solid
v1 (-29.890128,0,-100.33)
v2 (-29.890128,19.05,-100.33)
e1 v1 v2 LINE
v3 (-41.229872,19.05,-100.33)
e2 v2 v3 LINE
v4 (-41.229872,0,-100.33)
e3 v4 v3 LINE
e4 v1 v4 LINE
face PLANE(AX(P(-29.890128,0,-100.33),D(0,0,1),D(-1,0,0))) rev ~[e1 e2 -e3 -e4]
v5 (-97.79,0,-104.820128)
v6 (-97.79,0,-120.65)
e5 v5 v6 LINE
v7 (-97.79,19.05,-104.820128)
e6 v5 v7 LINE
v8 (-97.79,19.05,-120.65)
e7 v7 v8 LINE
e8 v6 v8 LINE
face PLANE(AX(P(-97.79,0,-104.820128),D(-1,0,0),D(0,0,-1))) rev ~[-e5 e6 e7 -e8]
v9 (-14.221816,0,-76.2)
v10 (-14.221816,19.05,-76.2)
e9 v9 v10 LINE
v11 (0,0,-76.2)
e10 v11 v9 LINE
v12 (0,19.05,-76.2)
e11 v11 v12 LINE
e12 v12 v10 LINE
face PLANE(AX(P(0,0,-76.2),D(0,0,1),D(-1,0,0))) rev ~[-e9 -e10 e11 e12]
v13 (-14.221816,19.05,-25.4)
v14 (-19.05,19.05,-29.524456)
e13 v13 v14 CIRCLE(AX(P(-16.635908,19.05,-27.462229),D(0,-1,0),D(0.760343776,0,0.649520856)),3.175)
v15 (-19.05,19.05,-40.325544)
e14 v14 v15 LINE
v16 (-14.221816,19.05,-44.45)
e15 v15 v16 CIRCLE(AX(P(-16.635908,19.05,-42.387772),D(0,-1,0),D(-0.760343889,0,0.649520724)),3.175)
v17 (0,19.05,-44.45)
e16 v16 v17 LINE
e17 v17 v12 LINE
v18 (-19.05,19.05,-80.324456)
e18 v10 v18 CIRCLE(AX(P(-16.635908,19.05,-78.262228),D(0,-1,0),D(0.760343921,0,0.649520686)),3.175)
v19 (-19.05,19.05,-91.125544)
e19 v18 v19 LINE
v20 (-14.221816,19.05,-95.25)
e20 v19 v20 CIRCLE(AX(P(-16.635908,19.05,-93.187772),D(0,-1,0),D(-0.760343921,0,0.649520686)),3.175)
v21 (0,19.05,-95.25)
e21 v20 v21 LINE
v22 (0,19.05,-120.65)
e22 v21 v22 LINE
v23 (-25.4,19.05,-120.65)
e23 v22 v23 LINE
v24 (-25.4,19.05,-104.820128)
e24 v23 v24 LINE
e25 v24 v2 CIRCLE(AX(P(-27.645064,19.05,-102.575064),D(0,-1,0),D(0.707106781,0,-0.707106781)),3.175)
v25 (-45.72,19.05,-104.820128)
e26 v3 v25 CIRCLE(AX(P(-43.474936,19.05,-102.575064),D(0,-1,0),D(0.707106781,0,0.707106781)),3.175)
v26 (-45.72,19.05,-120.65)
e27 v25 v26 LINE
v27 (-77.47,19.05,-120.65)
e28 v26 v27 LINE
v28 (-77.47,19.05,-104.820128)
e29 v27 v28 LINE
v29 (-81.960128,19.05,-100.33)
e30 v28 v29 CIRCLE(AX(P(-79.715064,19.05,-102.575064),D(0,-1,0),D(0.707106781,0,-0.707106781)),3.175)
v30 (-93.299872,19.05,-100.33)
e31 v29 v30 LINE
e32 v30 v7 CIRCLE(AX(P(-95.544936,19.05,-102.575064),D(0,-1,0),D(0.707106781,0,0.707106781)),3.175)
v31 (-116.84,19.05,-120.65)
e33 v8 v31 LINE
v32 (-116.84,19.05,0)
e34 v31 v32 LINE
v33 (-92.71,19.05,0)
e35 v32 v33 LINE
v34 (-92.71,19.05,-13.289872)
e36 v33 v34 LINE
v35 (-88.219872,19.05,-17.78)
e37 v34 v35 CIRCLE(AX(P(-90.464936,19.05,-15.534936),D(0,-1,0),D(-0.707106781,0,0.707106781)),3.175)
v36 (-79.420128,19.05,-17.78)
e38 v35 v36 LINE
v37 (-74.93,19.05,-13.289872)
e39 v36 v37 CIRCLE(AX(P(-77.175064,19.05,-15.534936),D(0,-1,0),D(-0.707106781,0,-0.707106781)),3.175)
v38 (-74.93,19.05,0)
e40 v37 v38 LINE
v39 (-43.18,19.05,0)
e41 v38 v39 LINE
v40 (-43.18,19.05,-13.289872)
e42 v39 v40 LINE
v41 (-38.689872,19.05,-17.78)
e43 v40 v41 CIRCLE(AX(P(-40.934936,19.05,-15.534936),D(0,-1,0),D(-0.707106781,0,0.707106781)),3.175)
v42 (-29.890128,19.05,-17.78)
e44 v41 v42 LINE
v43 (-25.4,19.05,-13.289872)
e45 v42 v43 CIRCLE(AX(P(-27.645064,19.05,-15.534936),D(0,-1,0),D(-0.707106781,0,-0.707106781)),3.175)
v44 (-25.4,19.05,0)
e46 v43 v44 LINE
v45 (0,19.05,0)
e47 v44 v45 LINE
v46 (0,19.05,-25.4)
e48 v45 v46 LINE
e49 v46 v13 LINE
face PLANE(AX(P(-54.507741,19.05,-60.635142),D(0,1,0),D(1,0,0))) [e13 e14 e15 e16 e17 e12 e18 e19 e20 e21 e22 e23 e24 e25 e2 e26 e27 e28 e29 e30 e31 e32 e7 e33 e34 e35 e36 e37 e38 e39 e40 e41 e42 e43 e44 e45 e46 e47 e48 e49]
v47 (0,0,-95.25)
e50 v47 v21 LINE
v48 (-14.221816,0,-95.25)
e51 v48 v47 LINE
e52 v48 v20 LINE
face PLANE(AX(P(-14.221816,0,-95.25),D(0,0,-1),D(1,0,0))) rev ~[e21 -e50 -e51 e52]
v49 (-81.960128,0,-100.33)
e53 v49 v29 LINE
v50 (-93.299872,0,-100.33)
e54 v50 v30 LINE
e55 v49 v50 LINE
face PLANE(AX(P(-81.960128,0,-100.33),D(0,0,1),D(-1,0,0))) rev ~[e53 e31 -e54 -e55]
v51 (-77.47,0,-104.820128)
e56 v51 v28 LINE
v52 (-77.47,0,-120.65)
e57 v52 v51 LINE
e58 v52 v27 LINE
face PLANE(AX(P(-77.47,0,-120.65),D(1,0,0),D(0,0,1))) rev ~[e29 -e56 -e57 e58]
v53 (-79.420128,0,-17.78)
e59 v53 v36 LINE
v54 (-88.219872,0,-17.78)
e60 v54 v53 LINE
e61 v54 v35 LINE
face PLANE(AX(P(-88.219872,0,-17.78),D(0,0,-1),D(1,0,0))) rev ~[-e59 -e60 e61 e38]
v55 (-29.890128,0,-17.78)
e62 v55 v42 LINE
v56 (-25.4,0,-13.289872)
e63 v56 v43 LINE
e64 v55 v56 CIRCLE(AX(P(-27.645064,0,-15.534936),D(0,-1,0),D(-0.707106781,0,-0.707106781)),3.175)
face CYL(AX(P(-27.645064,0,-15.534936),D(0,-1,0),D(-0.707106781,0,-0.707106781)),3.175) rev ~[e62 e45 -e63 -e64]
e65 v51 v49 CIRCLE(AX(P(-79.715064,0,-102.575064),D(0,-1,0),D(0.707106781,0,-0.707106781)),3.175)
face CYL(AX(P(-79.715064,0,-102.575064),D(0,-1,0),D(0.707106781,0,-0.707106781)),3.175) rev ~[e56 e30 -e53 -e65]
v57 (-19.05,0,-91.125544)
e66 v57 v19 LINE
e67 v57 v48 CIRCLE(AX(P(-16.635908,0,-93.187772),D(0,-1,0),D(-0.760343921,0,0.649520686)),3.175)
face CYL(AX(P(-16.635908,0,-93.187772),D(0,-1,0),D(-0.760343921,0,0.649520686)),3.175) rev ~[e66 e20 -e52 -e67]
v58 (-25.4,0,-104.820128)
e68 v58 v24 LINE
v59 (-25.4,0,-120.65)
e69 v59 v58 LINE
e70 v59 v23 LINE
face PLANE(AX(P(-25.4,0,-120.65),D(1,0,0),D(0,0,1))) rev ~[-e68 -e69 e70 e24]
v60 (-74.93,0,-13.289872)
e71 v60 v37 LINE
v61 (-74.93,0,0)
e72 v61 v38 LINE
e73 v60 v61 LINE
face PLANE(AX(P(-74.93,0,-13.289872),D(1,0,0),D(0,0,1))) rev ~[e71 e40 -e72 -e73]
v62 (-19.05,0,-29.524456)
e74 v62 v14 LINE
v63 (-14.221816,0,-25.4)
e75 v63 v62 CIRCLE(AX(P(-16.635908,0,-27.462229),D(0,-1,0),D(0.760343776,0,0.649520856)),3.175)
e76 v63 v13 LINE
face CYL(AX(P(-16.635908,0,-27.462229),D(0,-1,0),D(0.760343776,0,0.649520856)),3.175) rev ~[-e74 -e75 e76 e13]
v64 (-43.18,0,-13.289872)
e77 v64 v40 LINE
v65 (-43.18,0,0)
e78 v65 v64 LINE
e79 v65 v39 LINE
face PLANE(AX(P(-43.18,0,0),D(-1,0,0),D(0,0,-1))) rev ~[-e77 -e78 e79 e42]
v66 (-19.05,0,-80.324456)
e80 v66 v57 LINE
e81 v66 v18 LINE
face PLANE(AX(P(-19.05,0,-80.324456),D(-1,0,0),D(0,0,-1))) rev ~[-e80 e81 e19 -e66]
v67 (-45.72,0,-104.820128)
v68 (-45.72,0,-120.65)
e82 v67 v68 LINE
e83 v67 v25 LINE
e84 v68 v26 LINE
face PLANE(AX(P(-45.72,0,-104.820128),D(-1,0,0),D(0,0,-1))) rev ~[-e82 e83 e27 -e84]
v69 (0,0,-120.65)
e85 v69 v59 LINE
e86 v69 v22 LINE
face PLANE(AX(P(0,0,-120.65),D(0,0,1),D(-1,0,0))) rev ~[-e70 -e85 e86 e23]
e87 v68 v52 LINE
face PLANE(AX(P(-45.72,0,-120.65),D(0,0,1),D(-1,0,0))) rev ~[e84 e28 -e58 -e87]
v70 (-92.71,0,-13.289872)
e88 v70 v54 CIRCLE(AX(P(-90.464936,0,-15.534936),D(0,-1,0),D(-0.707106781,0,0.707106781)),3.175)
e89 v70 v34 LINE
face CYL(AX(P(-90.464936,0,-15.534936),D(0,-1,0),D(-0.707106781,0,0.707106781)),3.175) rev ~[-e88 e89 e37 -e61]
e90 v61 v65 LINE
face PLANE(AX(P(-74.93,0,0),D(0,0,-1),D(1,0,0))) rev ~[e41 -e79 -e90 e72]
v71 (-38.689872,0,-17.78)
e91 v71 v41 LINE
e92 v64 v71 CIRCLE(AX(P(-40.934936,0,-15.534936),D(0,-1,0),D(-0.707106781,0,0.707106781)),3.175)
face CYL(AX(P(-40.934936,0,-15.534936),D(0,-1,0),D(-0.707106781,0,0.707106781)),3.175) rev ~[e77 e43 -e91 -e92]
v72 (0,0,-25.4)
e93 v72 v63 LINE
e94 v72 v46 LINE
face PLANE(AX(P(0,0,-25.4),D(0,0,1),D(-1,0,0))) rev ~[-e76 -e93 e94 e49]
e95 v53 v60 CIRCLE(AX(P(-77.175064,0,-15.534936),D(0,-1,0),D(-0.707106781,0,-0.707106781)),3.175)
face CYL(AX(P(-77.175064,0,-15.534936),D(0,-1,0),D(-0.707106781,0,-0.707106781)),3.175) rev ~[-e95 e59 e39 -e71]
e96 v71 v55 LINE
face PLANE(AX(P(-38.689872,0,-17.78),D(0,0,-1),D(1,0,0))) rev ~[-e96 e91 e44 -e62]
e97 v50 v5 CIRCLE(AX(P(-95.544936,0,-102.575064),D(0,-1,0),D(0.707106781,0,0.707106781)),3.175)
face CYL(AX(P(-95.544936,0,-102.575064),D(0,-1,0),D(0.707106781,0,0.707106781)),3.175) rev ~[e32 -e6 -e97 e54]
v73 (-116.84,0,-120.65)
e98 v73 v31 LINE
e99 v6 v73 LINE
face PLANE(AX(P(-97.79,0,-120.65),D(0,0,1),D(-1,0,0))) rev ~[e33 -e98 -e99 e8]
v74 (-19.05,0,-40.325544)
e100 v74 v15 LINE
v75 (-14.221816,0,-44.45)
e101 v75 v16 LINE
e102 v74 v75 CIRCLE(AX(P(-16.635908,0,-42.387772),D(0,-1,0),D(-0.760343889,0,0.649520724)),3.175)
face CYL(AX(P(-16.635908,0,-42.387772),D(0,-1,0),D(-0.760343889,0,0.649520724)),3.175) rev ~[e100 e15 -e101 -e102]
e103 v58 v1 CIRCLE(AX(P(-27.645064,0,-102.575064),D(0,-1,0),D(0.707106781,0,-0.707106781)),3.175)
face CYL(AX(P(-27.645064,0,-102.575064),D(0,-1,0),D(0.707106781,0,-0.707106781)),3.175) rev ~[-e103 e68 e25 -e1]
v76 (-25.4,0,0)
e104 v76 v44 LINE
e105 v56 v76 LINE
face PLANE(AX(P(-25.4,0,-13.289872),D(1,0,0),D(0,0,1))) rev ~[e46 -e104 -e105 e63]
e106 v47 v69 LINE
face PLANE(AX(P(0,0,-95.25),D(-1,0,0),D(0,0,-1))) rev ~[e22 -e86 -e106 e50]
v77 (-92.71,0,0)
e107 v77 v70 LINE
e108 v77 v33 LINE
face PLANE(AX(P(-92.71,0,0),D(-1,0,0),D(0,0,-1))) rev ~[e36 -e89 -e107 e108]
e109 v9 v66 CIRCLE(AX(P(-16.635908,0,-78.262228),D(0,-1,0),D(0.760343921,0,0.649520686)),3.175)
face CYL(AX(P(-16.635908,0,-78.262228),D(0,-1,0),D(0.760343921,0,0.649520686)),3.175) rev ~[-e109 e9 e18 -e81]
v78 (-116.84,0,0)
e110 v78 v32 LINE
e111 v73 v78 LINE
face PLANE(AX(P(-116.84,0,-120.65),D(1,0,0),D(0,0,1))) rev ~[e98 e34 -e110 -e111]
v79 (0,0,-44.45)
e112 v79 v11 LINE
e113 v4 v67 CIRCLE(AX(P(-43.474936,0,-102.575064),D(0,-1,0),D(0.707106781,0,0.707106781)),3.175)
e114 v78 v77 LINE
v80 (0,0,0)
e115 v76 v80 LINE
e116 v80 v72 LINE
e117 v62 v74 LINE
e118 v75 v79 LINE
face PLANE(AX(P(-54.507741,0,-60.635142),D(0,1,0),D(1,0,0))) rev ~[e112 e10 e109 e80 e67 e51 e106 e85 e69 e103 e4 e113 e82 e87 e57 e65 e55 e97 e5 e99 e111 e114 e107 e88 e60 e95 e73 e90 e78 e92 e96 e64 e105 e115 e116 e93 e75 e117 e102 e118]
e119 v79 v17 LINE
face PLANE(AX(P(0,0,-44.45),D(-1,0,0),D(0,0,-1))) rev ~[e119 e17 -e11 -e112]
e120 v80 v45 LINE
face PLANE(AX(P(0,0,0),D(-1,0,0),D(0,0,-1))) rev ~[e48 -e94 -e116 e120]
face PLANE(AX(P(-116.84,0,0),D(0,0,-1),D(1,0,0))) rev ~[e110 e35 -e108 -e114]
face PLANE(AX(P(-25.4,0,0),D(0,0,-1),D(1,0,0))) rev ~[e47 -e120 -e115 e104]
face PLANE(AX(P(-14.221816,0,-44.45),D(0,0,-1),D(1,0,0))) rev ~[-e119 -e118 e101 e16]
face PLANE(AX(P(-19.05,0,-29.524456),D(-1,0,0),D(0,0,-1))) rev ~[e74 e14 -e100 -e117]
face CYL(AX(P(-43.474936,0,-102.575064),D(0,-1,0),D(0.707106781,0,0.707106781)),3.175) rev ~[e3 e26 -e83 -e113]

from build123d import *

# Parameters (mm, degrees)
BOSS_EXTRUDE1_DEPTH = 19.05


with BuildPart() as part:
    # Sketch1 → Boss-Extrude1 (new body)
    with BuildSketch(Plane(origin=(0, 0, 0), x_dir=(1, 0, 0), z_dir=(0, 1, 0))):
        with BuildLine():
            Line((-38.689871939, 17.78), (-29.890128061, 17.78))
            ThreePointArc((-29.890128061, 17.78), (-25.4, 17.78), (-25.4, 13.289871939))
            Line((-25.4, 13.289871939), (-25.4, 0))
            Line((-25.4, 0), (0, 0))
            Line((0, 0), (0, 25.4))
            Line((0, 25.4), (-14.2218161, 25.4))
            ThreePointArc((-14.2218161, 25.4), (-18.698135768, 25.048136767), (-19.05, 29.524456356))
            Line((-19.05, 29.524456356), (-19.05, 40.325543644))
            ThreePointArc((-19.05, 40.325543644), (-18.698136331, 44.801863892), (-14.2218161, 44.45))
            Line((-14.2218161, 44.45), (0, 44.45))
            Line((0, 44.45), (0, 76.2))
            Line((0, 76.2), (-14.2218161, 76.2))
            ThreePointArc((-14.2218161, 76.2), (-18.698136228, 75.848136228), (-19.05, 80.324456356))
            Line((-19.05, 80.324456356), (-19.05, 91.125543644))
            ThreePointArc((-19.05, 91.125543644), (-18.698136228, 95.601863772), (-14.2218161, 95.25))
            Line((-14.2218161, 95.25), (0, 95.25))
            Line((0, 95.25), (0, 120.65))
            Line((0, 120.65), (-25.4, 120.65))
            Line((-25.4, 120.65), (-25.4, 104.820128061))
            ThreePointArc((-25.4, 104.820128061), (-25.4, 100.33), (-29.890128061, 100.33))
            Line((-29.890128061, 100.33), (-41.229871939, 100.33))
            ThreePointArc((-41.229871939, 100.33), (-45.72, 100.33), (-45.72, 104.820128061))
            Line((-45.72, 104.820128061), (-45.72, 120.65))
            Line((-45.72, 120.65), (-77.47, 120.65))
            Line((-77.47, 120.65), (-77.47, 104.820128061))
            ThreePointArc((-77.47, 104.820128061), (-77.47, 100.33), (-81.960128061, 100.33))
            Line((-81.960128061, 100.33), (-93.299871939, 100.33))
            ThreePointArc((-93.299871939, 100.33), (-97.79, 100.33), (-97.79, 104.820128061))
            Line((-97.79, 104.820128061), (-97.79, 120.65))
            Line((-97.79, 120.65), (-116.84, 120.65))
            Line((-116.84, 120.65), (-116.84, 0))
            Line((-116.84, 0), (-92.71, 0))
            Line((-92.71, 0), (-92.71, 13.289871939))
            ThreePointArc((-92.71, 13.289871939), (-92.71, 17.78), (-88.219871939, 17.78))
            Line((-88.219871939, 17.78), (-79.420128061, 17.78))
            ThreePointArc((-79.420128061, 17.78), (-74.93, 17.78), (-74.93, 13.289871939))
            Line((-74.93, 13.289871939), (-74.93, 0))
            Line((-74.93, 0), (-43.18, 0))
            Line((-43.18, 0), (-43.18, 13.289871939))
            ThreePointArc((-43.18, 13.289871939), (-43.18, 17.78), (-38.689871939, 17.78))
        make_face()
    extrude(amount=BOSS_EXTRUDE1_DEPTH)


solid = part.part
